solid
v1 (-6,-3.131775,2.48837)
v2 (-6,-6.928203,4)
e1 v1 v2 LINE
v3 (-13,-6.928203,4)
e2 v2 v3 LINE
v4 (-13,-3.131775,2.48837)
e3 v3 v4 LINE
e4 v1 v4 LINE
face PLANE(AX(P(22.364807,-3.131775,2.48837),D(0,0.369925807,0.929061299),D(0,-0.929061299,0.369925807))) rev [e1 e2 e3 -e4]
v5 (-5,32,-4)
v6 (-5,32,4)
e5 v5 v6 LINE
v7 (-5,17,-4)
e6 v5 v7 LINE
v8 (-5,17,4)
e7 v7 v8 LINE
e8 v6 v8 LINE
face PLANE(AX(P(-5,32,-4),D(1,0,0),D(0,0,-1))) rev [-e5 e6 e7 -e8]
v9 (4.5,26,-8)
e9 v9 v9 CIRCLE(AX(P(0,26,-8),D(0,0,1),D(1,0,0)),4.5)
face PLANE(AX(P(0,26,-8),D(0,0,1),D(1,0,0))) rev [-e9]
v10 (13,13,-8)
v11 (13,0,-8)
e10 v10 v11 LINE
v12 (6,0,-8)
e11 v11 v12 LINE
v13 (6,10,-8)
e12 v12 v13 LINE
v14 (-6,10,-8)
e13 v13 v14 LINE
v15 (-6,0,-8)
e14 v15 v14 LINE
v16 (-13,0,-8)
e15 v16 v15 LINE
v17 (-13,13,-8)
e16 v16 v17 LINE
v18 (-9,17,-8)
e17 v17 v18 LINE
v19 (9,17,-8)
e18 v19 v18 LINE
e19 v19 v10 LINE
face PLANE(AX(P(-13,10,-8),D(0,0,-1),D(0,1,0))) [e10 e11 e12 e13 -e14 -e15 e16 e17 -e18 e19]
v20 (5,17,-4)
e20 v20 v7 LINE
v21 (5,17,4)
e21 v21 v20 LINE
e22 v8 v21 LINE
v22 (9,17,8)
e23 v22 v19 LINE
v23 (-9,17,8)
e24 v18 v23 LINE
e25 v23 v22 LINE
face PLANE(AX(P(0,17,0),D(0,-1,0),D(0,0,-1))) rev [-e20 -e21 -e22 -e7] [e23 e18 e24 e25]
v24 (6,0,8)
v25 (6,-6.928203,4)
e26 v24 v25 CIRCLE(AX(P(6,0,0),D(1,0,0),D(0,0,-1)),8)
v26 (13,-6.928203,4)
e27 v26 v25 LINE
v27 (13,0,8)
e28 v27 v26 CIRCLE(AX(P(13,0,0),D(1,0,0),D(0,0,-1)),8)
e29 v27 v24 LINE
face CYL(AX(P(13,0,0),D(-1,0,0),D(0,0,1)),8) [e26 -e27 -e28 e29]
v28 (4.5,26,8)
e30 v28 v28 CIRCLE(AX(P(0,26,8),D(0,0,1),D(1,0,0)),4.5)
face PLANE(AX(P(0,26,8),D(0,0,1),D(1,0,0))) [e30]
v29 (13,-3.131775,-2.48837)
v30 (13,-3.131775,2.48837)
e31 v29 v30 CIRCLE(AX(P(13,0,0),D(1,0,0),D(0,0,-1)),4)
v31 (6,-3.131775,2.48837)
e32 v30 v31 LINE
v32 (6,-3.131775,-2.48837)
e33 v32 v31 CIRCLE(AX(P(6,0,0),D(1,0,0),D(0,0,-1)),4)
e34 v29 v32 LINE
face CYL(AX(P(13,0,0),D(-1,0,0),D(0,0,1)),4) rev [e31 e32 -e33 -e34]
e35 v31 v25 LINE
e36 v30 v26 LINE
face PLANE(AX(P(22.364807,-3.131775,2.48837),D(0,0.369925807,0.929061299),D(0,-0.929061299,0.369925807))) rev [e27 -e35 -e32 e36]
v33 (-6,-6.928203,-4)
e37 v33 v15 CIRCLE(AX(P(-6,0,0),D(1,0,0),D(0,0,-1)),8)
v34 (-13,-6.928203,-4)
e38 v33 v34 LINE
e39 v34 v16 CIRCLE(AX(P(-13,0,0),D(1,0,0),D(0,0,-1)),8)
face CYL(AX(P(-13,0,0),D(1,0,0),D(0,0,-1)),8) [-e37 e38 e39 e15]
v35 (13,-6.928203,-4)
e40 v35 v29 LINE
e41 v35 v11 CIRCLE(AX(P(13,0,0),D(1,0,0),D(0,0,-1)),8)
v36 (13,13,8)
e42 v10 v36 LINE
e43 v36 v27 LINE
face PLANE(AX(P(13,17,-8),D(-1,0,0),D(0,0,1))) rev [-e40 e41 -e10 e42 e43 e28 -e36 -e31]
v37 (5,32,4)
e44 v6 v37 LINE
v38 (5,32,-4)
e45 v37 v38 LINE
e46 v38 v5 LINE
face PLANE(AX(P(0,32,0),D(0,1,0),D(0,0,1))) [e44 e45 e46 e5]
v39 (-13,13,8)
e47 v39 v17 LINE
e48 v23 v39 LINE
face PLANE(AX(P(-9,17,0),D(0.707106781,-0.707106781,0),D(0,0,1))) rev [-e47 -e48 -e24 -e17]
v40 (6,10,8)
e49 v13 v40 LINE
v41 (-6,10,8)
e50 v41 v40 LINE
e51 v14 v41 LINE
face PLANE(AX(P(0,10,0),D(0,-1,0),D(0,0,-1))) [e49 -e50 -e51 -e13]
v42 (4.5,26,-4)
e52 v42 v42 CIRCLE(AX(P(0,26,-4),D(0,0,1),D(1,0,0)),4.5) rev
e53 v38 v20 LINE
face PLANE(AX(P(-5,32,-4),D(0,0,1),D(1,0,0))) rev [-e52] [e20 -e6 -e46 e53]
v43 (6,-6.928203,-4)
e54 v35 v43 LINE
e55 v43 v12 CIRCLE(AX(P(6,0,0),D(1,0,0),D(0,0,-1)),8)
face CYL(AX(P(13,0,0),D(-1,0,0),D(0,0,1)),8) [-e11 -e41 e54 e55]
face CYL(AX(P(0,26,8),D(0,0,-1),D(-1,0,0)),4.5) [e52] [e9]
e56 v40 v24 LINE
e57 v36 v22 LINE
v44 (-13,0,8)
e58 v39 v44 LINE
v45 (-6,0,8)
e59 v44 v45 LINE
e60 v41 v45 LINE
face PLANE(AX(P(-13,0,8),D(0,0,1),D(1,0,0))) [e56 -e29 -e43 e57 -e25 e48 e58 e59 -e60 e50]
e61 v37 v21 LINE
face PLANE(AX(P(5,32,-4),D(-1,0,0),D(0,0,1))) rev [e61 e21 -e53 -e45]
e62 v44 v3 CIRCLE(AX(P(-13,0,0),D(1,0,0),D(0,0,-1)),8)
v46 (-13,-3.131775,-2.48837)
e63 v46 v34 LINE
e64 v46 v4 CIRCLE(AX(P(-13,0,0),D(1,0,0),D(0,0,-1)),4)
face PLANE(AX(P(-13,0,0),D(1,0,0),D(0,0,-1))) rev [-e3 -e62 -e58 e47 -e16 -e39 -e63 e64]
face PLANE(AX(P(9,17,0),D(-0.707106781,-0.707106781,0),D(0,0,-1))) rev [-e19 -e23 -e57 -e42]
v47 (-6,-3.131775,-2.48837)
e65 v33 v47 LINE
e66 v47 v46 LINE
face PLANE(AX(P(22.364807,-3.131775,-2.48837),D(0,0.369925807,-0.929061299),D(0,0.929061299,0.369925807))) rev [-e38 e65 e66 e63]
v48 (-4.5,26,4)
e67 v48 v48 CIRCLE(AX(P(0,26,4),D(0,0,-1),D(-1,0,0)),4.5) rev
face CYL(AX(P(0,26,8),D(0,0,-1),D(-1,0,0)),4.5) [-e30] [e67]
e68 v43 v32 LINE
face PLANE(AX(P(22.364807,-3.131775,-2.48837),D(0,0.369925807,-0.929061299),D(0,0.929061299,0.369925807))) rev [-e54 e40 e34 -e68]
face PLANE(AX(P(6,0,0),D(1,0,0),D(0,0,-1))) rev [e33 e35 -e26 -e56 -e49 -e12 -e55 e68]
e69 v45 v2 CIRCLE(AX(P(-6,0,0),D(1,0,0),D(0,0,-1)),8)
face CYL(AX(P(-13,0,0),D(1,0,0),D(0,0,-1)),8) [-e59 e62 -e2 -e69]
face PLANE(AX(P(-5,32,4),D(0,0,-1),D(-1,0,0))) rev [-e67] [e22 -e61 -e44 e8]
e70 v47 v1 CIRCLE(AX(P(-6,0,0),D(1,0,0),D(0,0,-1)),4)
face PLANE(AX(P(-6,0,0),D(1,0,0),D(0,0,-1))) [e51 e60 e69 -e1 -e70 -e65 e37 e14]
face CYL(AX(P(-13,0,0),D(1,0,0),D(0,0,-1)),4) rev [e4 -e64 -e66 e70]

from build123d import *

# Parameters (mm, degrees)
BOSS_EXTRUDE1_START = 6
SKETCH1_R           = 4
BOSS_EXTRUDE1_DEPTH = 7
BOSS_EXTRUDE2_START = -6
SKETCH1_2_R         = 4
BOSS_EXTRUDE2_DEPTH = 7
SKETCH2_W           = 26
SKETCH2_H           = 16
BOSS_EXTRUDE3_DEPTH = 7
CHAMFER1_SIZE       = 4
SKETCH3_W           = 10
SKETCH3_H           = 8
BOSS_EXTRUDE4_DEPTH = 15
SKETCH5_R           = 4.5
BOSS_EXTRUDE5_DEPTH = 8
CUT_EXTRUDE1_REACH  = 44


with BuildPart() as part:
    # Sketch1 → Boss-Extrude1 (new body)
    with BuildSketch(Plane(origin=(0, 0, 0), x_dir=(0, 0, -1), z_dir=(1, 0, 0)).offset(BOSS_EXTRUDE1_START)):
        with BuildLine():
            Line((-8, 0), (-8, 10))
            Line((-8, 10), (8, 10))
            Line((8, 10), (8, 0))
            ThreePointArc((8, 0), (0, -8), (-8, 0))
        make_face()
        Circle(SKETCH1_R, mode=Mode.SUBTRACT)
    extrude(amount=BOSS_EXTRUDE1_DEPTH)



with BuildPart() as body_2:
    # Sketch1<2> → Boss-Extrude2 (new body)
    with BuildSketch(Plane(origin=(0, 0, 0), x_dir=(0, 0, -1), z_dir=(1, 0, 0)).offset(BOSS_EXTRUDE2_START)):
        with BuildLine():
            Line((-8, 0), (-8, 10))
            Line((-8, 10), (8, 10))
            Line((8, 10), (8, 0))
            ThreePointArc((8, 0), (0, -8), (-8, 0))
        make_face()
        Circle(SKETCH1_2_R, mode=Mode.SUBTRACT)
    extrude(amount=-BOSS_EXTRUDE2_DEPTH)


with BuildPart() as part_1:
    add(part.part)

    add(body_2.part)  # Boss-Extrude3 merges body 2
    # Sketch2 → Boss-Extrude3 (add)
    with BuildSketch(Plane(origin=(0, 10, 0), x_dir=(1, 0, 0), z_dir=(0, 1, 0))):
        Rectangle(SKETCH2_W, SKETCH2_H)
    extrude(amount=BOSS_EXTRUDE3_DEPTH)

    # Chamfer1
    chamfer1_edges = [part_1.edges().sort_by_distance(p)[0] for p in [
        (-13, 17, 0),
        (13, 17, 0),
    ]]
    chamfer(chamfer1_edges, length=CHAMFER1_SIZE)

    # Sketch3 → Boss-Extrude4 (add)
    with BuildSketch(Plane(origin=(0, 17, 0), x_dir=(1, 0, 0), z_dir=(0, 1, 0))):
        Rectangle(SKETCH3_W, SKETCH3_H)
    extrude(amount=BOSS_EXTRUDE4_DEPTH)

    # Sketch5 → Boss-Extrude5 (add, symmetric)
    with BuildSketch(Plane.XY):
        with Locations(Location((0, 26, 0), (0, 0, 180))):
            Circle(SKETCH5_R)
    extrude(amount=BOSS_EXTRUDE5_DEPTH, both=True)

    # Cut-Extrude1: up to this face of the body (flat: up to its plane)
    cut_extrude1_end = Plane(part_1.part.faces().sort_by_distance((13, 6.5, 7.735992424))[0])
    # Sketch6 → Cut-Extrude1 (cut, up to the picked face)
    with BuildSketch(Plane.ZY.offset(13), mode=Mode.PRIVATE) as cut_extrude1_sk1:
        with BuildLine():
            Line((-2.488370132, -3.13177491), (-4, -6.92820323))
            ThreePointArc((-4, -6.92820323), (0, -8), (4, -6.92820323))
            Line((4, -6.92820323), (2.488370132, -3.13177491))
            ThreePointArc((2.488370132, -3.13177491), (0, -4), (-2.488370132, -3.13177491))
        make_face()
    cut_extrude1_tool1 = split(extrude(cut_extrude1_sk1.sketch, amount=-CUT_EXTRUDE1_REACH, mode=Mode.PRIVATE), bisect_by=cut_extrude1_end, keep=Keep.BOTH, mode=Mode.PRIVATE)
    add(cut_extrude1_tool1.solids().sort_by(Axis((-13, -5.819668, 0), (1, 0, 0)))[0], mode=Mode.SUBTRACT)


solid = part_1.part
